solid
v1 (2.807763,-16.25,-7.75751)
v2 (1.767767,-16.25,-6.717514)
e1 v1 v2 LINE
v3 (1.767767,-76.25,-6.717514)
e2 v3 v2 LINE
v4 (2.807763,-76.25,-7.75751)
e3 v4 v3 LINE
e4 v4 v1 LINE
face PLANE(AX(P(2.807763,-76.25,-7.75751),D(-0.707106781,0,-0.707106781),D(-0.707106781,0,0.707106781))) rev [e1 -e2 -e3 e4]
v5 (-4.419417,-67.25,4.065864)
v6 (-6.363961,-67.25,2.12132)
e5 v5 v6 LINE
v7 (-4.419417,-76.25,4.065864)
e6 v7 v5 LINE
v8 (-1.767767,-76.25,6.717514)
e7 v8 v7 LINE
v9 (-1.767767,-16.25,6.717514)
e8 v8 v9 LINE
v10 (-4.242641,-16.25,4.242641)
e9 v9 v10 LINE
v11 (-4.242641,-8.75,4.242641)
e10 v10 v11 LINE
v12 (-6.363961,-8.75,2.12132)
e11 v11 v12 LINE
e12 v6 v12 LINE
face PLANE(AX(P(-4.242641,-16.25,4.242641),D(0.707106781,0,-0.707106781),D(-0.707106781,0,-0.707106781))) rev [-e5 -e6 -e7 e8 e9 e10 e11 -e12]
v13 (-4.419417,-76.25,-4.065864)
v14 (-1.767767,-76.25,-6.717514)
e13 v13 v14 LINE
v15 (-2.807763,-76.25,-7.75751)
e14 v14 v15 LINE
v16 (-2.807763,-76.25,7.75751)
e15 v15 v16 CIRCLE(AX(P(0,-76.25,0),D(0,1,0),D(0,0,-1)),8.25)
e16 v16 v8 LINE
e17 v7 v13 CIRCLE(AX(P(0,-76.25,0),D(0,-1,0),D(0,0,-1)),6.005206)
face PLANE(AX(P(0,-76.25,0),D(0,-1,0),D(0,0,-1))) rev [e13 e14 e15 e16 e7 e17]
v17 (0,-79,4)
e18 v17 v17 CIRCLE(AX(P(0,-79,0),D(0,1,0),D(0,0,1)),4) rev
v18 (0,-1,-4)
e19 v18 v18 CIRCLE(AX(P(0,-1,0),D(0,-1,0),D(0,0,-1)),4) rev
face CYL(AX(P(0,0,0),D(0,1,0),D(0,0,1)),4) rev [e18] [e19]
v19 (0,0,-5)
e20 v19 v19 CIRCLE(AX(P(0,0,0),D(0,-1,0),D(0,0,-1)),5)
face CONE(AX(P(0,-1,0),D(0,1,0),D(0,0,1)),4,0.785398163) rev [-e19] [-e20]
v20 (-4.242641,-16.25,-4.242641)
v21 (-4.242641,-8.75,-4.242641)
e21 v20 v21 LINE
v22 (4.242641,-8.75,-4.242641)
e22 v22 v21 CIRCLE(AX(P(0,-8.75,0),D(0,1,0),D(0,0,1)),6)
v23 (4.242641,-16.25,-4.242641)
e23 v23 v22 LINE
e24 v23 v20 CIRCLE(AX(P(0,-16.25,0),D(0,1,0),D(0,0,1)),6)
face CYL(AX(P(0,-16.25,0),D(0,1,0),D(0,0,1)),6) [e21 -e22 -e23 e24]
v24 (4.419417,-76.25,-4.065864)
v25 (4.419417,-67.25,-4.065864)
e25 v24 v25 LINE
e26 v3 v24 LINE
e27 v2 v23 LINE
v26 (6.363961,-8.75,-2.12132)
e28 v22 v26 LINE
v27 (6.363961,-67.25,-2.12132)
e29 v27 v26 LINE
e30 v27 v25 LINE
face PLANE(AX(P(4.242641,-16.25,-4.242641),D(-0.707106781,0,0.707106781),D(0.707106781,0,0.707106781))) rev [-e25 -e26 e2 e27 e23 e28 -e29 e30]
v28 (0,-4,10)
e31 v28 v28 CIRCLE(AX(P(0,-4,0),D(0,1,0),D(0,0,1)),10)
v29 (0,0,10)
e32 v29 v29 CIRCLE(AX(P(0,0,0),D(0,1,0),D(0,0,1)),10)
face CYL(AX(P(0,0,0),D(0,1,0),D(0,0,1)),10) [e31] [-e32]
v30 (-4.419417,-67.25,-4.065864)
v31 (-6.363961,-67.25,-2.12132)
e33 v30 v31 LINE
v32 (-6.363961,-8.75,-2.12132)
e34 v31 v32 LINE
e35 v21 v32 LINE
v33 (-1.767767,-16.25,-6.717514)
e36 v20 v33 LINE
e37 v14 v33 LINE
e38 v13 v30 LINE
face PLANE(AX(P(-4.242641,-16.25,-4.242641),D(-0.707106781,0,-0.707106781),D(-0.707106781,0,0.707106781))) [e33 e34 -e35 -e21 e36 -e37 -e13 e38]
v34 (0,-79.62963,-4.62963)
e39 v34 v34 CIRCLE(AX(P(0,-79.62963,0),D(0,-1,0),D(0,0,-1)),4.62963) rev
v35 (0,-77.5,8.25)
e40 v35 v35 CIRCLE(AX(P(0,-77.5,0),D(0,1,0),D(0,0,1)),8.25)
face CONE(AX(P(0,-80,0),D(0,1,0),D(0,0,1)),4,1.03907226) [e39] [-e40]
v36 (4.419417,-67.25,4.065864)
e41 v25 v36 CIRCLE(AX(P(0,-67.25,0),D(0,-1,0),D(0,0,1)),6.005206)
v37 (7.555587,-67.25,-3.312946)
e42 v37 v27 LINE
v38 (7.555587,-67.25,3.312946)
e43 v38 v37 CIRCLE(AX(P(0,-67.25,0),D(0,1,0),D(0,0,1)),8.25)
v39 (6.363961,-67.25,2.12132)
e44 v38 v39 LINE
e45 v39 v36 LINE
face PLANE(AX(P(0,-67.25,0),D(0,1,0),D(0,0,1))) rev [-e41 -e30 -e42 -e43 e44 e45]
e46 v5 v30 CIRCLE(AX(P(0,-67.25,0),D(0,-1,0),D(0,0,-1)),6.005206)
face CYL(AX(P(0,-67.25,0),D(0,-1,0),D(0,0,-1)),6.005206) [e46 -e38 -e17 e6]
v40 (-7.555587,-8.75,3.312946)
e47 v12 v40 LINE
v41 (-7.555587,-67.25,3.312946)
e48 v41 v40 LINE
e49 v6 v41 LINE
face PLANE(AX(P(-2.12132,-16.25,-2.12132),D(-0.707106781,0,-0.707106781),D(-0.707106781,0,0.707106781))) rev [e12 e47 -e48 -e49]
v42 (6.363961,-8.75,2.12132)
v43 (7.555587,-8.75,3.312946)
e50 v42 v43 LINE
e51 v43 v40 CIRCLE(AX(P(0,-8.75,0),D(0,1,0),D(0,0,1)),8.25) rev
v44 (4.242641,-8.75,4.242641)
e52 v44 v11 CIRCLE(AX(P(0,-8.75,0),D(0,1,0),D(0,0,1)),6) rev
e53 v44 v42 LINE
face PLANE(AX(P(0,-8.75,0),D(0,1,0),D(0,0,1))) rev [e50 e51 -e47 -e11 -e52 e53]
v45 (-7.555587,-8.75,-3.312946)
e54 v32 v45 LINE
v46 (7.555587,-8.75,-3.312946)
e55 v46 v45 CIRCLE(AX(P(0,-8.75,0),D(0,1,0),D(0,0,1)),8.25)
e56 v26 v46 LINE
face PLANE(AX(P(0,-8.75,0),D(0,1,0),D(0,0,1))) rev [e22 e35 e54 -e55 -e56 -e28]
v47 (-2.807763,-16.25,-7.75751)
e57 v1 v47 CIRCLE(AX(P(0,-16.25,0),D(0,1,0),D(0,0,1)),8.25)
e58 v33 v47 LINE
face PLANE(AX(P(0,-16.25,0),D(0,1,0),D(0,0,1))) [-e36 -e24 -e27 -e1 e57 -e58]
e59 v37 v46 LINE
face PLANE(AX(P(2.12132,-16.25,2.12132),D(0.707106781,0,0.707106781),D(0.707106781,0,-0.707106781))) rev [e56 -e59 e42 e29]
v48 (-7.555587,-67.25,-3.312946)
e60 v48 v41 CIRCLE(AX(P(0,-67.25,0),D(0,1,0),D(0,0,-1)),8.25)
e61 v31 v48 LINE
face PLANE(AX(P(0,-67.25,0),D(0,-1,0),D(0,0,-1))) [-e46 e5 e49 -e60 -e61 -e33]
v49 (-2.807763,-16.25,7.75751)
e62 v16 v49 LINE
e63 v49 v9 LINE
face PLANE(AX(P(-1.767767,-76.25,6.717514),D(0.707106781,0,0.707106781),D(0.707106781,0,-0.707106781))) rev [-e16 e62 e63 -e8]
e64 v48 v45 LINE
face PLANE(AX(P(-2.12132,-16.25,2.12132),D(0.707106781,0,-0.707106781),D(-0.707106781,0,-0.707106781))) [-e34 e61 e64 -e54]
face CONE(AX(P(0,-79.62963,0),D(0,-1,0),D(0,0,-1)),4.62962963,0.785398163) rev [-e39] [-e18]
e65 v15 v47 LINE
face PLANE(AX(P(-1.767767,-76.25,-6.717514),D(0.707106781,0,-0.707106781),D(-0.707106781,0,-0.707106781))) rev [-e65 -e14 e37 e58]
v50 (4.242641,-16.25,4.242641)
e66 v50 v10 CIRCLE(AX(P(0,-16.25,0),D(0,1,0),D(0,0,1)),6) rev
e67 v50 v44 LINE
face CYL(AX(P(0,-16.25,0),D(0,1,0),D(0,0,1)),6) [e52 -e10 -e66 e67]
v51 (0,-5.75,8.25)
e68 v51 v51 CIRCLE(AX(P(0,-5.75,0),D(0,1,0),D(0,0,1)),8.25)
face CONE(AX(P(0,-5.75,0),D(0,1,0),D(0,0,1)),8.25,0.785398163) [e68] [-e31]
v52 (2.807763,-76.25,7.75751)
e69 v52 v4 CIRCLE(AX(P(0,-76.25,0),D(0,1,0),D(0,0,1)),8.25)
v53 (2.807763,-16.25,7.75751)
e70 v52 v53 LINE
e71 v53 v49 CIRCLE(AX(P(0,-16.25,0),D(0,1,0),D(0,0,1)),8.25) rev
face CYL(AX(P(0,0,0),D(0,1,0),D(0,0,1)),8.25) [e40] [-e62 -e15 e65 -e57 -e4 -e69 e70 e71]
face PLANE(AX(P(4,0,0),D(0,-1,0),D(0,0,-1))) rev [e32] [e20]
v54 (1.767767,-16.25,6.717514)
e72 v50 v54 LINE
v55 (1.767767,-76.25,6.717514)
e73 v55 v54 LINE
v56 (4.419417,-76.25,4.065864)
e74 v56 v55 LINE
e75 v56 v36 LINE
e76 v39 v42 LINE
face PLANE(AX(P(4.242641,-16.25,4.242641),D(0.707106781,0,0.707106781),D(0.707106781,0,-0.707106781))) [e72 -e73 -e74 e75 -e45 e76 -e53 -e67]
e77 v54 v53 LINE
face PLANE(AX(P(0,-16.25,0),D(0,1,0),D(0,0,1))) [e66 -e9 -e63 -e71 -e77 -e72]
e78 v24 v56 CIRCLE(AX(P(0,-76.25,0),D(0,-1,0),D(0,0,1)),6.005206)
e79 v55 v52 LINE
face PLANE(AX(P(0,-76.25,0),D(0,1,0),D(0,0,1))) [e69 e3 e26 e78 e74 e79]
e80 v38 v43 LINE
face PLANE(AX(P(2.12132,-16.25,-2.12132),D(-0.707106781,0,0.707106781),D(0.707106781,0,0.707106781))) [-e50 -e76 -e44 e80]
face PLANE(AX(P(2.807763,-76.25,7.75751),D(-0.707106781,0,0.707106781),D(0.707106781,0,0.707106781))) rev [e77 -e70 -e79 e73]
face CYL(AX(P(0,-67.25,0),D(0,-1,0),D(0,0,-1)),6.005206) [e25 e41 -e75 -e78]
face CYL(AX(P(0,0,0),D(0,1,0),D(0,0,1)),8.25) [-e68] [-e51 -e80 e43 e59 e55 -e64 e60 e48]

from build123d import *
from OCP.BRepFilletAPI import BRepFilletAPI_MakeChamfer

# Parameters (mm, degrees)
CUT_EXTRUDE1_START = -7.5
CUT_EXTRUDE1_DEPTH = 7.5
CUT_EXTRUDE3_START = -60
CUT_EXTRUDE3_DEPTH = 60
CUT_EXTRUDE4_DEPTH = 9
CHAMFER1_SIZE      = 1
CHAMFER1_SIZE2     = 0.730484553


with BuildPart() as part:
    # Sketch1 → Revolve1 (revolve)
    with BuildSketch(Plane.XY, mode=Mode.PRIVATE) as revolve1_sk:
        Polygon((4, 0), (10, 0), (10, -4), (8.25, -5.75), (8.25, -77.5), (4, -80), align=None)
    revolve(revolve1_sk.sketch.rotate(Axis((0, 0, 0), (0, -1, 0)), 90), axis=Axis((0, 0, 0), (0, -1, 0)))

    # Sketch3 → Cut-Extrude1 (cut)
    with BuildSketch(Plane(origin=(0, -8.75, 0), x_dir=(1, 0, 0), z_dir=(0, 1, 0)).offset(CUT_EXTRUDE1_START)):
        with BuildLine():
            ThreePointArc((4.242640687, 4.242640687), (0, 6), (-4.242640687, 4.242640687))
            Line((-4.242640687, 4.242640687), (-6.363961031, 2.121320344))
            Line((-6.363961031, 2.121320344), (-7.555586623, 3.312945936))
            ThreePointArc((-7.555586623, 3.312945936), (0, 8.25), (7.555586623, 3.312945936))
            Line((7.555586623, 3.312945936), (6.363961031, 2.121320344))
            Line((6.363961031, 2.121320344), (4.242640687, 4.242640687))
        make_face()
        with BuildLine():
            ThreePointArc((7.555586623, -3.312945936), (0, -8.25), (-7.555586623, -3.312945936))
            Line((-7.555586623, -3.312945936), (-6.363961031, -2.121320344))
            Line((-6.363961031, -2.121320344), (-4.242640687, -4.242640687))
            ThreePointArc((-4.242640687, -4.242640687), (0, -6), (4.242640687, -4.242640687))
            Line((4.242640687, -4.242640687), (6.363961031, -2.121320344))
            Line((6.363961031, -2.121320344), (7.555586623, -3.312945936))
        make_face()
    extrude(amount=CUT_EXTRUDE1_DEPTH, mode=Mode.SUBTRACT)

    # Sketch4 → Cut-Extrude3 (cut)
    with BuildSketch(Plane(origin=(0, -16.25, 0), x_dir=(1, 0, 0), z_dir=(0, 1, 0)).offset(CUT_EXTRUDE3_START)):
        with BuildLine():
            Line((2.807762918, 7.757510386), (1.767766953, 6.717514421))
            Line((1.767766953, 6.717514421), (6.363961031, 2.121320344))
            Line((6.363961031, 2.121320344), (7.555586623, 3.312945936))
            ThreePointArc((7.555586623, 3.312945936), (5.638110651, 6.022807342), (2.807762918, 7.757510386))
        make_face()
        with BuildLine():
            Line((-7.555586623, 3.312945936), (-6.363961031, 2.121320344))
            Line((-6.363961031, 2.121320344), (-1.767766953, 6.717514421))
            Line((-1.767766953, 6.717514421), (-2.807762918, 7.757510386))
            ThreePointArc((-2.807762918, 7.757510386), (-5.638110651, 6.022807342), (-7.555586623, 3.312945936))
        make_face()
        with BuildLine():
            Line((-1.767766953, -6.717514421), (-2.807762918, -7.757510386))
            ThreePointArc((-2.807762918, -7.757510386), (-5.638110651, -6.022807342), (-7.555586623, -3.312945936))
            Line((-7.555586623, -3.312945936), (-6.363961031, -2.121320344))
            Line((-6.363961031, -2.121320344), (-1.767766953, -6.717514421))
        make_face()
        with BuildLine():
            Line((7.555586623, -3.312945936), (6.363961031, -2.121320344))
            Line((6.363961031, -2.121320344), (1.767766953, -6.717514421))
            Line((1.767766953, -6.717514421), (2.807762918, -7.757510386))
            ThreePointArc((2.807762918, -7.757510386), (5.638110651, -6.022807342), (7.555586623, -3.312945936))
        make_face()
    extrude(amount=CUT_EXTRUDE3_DEPTH, mode=Mode.SUBTRACT)

    # Sketch6 → Cut-Extrude4 (cut)
    with BuildSketch(Plane(origin=(0, -76.25, 0), x_dir=(1, 0, 0), z_dir=(0, 1, 0))):
        with BuildLine():
            Line((2.807762918, -7.757510386), (1.767766953, -6.717514421))
            Line((1.767766953, -6.717514421), (4.065863992, -4.419417382))
            ThreePointArc((4.065863992, -4.419417382), (6.005206075, 0), (4.065863992, 4.419417382))
            Line((4.065863992, 4.419417382), (1.767766953, 6.717514421))
            Line((1.767766953, 6.717514421), (2.807762918, 7.757510386))
            ThreePointArc((2.807762918, 7.757510386), (8.25, 0), (2.807762918, -7.757510386))
        make_face()
        with BuildLine():
            Line((-1.767766953, 6.717514421), (-2.807762918, 7.757510386))
            ThreePointArc((-2.807762918, 7.757510386), (-8.25, 0), (-2.807762918, -7.757510386))
            Line((-2.807762918, -7.757510386), (-1.767766953, -6.717514421))
            Line((-1.767766953, -6.717514421), (-4.065863992, -4.419417382))
            ThreePointArc((-4.065863992, -4.419417382), (-6.005206075, 0), (-4.065863992, 4.419417382))
            Line((-4.065863992, 4.419417382), (-1.767766953, 6.717514421))
        make_face()
    extrude(amount=CUT_EXTRUDE4_DEPTH, mode=Mode.SUBTRACT)

    # Chamfer1: one chamfer whose edges measure the first distance from different faces: ONE call of the kernel's chamfer builder (chamfer() names one face for all edges)
    chamfer1_edges_1 = [part.edges().sort_by_distance(p)[0] for p in [
        (0, 0, -4),
    ]]
    chamfer1_edges_2 = [part.edges().sort_by_distance(p)[0] for p in [
        (0, -80, -4),
    ]]
    chamfer1_side_2 = [part.faces().sort_by_distance(p)[0] for p in [
        (0, -40, -4),
    ]]
    chamfer1 = BRepFilletAPI_MakeChamfer(part.part.solid().wrapped)
    for e in chamfer1_edges_1:
        chamfer1.Add(CHAMFER1_SIZE, e.wrapped)
    for e in chamfer1_edges_2:
        chamfer1.Add(CHAMFER1_SIZE, CHAMFER1_SIZE2, e.wrapped, chamfer1_side_2[0].wrapped)  # the first distance lies on this face
    add(Compound.cast(chamfer1.Shape()), mode=Mode.REPLACE)


solid = part.part
